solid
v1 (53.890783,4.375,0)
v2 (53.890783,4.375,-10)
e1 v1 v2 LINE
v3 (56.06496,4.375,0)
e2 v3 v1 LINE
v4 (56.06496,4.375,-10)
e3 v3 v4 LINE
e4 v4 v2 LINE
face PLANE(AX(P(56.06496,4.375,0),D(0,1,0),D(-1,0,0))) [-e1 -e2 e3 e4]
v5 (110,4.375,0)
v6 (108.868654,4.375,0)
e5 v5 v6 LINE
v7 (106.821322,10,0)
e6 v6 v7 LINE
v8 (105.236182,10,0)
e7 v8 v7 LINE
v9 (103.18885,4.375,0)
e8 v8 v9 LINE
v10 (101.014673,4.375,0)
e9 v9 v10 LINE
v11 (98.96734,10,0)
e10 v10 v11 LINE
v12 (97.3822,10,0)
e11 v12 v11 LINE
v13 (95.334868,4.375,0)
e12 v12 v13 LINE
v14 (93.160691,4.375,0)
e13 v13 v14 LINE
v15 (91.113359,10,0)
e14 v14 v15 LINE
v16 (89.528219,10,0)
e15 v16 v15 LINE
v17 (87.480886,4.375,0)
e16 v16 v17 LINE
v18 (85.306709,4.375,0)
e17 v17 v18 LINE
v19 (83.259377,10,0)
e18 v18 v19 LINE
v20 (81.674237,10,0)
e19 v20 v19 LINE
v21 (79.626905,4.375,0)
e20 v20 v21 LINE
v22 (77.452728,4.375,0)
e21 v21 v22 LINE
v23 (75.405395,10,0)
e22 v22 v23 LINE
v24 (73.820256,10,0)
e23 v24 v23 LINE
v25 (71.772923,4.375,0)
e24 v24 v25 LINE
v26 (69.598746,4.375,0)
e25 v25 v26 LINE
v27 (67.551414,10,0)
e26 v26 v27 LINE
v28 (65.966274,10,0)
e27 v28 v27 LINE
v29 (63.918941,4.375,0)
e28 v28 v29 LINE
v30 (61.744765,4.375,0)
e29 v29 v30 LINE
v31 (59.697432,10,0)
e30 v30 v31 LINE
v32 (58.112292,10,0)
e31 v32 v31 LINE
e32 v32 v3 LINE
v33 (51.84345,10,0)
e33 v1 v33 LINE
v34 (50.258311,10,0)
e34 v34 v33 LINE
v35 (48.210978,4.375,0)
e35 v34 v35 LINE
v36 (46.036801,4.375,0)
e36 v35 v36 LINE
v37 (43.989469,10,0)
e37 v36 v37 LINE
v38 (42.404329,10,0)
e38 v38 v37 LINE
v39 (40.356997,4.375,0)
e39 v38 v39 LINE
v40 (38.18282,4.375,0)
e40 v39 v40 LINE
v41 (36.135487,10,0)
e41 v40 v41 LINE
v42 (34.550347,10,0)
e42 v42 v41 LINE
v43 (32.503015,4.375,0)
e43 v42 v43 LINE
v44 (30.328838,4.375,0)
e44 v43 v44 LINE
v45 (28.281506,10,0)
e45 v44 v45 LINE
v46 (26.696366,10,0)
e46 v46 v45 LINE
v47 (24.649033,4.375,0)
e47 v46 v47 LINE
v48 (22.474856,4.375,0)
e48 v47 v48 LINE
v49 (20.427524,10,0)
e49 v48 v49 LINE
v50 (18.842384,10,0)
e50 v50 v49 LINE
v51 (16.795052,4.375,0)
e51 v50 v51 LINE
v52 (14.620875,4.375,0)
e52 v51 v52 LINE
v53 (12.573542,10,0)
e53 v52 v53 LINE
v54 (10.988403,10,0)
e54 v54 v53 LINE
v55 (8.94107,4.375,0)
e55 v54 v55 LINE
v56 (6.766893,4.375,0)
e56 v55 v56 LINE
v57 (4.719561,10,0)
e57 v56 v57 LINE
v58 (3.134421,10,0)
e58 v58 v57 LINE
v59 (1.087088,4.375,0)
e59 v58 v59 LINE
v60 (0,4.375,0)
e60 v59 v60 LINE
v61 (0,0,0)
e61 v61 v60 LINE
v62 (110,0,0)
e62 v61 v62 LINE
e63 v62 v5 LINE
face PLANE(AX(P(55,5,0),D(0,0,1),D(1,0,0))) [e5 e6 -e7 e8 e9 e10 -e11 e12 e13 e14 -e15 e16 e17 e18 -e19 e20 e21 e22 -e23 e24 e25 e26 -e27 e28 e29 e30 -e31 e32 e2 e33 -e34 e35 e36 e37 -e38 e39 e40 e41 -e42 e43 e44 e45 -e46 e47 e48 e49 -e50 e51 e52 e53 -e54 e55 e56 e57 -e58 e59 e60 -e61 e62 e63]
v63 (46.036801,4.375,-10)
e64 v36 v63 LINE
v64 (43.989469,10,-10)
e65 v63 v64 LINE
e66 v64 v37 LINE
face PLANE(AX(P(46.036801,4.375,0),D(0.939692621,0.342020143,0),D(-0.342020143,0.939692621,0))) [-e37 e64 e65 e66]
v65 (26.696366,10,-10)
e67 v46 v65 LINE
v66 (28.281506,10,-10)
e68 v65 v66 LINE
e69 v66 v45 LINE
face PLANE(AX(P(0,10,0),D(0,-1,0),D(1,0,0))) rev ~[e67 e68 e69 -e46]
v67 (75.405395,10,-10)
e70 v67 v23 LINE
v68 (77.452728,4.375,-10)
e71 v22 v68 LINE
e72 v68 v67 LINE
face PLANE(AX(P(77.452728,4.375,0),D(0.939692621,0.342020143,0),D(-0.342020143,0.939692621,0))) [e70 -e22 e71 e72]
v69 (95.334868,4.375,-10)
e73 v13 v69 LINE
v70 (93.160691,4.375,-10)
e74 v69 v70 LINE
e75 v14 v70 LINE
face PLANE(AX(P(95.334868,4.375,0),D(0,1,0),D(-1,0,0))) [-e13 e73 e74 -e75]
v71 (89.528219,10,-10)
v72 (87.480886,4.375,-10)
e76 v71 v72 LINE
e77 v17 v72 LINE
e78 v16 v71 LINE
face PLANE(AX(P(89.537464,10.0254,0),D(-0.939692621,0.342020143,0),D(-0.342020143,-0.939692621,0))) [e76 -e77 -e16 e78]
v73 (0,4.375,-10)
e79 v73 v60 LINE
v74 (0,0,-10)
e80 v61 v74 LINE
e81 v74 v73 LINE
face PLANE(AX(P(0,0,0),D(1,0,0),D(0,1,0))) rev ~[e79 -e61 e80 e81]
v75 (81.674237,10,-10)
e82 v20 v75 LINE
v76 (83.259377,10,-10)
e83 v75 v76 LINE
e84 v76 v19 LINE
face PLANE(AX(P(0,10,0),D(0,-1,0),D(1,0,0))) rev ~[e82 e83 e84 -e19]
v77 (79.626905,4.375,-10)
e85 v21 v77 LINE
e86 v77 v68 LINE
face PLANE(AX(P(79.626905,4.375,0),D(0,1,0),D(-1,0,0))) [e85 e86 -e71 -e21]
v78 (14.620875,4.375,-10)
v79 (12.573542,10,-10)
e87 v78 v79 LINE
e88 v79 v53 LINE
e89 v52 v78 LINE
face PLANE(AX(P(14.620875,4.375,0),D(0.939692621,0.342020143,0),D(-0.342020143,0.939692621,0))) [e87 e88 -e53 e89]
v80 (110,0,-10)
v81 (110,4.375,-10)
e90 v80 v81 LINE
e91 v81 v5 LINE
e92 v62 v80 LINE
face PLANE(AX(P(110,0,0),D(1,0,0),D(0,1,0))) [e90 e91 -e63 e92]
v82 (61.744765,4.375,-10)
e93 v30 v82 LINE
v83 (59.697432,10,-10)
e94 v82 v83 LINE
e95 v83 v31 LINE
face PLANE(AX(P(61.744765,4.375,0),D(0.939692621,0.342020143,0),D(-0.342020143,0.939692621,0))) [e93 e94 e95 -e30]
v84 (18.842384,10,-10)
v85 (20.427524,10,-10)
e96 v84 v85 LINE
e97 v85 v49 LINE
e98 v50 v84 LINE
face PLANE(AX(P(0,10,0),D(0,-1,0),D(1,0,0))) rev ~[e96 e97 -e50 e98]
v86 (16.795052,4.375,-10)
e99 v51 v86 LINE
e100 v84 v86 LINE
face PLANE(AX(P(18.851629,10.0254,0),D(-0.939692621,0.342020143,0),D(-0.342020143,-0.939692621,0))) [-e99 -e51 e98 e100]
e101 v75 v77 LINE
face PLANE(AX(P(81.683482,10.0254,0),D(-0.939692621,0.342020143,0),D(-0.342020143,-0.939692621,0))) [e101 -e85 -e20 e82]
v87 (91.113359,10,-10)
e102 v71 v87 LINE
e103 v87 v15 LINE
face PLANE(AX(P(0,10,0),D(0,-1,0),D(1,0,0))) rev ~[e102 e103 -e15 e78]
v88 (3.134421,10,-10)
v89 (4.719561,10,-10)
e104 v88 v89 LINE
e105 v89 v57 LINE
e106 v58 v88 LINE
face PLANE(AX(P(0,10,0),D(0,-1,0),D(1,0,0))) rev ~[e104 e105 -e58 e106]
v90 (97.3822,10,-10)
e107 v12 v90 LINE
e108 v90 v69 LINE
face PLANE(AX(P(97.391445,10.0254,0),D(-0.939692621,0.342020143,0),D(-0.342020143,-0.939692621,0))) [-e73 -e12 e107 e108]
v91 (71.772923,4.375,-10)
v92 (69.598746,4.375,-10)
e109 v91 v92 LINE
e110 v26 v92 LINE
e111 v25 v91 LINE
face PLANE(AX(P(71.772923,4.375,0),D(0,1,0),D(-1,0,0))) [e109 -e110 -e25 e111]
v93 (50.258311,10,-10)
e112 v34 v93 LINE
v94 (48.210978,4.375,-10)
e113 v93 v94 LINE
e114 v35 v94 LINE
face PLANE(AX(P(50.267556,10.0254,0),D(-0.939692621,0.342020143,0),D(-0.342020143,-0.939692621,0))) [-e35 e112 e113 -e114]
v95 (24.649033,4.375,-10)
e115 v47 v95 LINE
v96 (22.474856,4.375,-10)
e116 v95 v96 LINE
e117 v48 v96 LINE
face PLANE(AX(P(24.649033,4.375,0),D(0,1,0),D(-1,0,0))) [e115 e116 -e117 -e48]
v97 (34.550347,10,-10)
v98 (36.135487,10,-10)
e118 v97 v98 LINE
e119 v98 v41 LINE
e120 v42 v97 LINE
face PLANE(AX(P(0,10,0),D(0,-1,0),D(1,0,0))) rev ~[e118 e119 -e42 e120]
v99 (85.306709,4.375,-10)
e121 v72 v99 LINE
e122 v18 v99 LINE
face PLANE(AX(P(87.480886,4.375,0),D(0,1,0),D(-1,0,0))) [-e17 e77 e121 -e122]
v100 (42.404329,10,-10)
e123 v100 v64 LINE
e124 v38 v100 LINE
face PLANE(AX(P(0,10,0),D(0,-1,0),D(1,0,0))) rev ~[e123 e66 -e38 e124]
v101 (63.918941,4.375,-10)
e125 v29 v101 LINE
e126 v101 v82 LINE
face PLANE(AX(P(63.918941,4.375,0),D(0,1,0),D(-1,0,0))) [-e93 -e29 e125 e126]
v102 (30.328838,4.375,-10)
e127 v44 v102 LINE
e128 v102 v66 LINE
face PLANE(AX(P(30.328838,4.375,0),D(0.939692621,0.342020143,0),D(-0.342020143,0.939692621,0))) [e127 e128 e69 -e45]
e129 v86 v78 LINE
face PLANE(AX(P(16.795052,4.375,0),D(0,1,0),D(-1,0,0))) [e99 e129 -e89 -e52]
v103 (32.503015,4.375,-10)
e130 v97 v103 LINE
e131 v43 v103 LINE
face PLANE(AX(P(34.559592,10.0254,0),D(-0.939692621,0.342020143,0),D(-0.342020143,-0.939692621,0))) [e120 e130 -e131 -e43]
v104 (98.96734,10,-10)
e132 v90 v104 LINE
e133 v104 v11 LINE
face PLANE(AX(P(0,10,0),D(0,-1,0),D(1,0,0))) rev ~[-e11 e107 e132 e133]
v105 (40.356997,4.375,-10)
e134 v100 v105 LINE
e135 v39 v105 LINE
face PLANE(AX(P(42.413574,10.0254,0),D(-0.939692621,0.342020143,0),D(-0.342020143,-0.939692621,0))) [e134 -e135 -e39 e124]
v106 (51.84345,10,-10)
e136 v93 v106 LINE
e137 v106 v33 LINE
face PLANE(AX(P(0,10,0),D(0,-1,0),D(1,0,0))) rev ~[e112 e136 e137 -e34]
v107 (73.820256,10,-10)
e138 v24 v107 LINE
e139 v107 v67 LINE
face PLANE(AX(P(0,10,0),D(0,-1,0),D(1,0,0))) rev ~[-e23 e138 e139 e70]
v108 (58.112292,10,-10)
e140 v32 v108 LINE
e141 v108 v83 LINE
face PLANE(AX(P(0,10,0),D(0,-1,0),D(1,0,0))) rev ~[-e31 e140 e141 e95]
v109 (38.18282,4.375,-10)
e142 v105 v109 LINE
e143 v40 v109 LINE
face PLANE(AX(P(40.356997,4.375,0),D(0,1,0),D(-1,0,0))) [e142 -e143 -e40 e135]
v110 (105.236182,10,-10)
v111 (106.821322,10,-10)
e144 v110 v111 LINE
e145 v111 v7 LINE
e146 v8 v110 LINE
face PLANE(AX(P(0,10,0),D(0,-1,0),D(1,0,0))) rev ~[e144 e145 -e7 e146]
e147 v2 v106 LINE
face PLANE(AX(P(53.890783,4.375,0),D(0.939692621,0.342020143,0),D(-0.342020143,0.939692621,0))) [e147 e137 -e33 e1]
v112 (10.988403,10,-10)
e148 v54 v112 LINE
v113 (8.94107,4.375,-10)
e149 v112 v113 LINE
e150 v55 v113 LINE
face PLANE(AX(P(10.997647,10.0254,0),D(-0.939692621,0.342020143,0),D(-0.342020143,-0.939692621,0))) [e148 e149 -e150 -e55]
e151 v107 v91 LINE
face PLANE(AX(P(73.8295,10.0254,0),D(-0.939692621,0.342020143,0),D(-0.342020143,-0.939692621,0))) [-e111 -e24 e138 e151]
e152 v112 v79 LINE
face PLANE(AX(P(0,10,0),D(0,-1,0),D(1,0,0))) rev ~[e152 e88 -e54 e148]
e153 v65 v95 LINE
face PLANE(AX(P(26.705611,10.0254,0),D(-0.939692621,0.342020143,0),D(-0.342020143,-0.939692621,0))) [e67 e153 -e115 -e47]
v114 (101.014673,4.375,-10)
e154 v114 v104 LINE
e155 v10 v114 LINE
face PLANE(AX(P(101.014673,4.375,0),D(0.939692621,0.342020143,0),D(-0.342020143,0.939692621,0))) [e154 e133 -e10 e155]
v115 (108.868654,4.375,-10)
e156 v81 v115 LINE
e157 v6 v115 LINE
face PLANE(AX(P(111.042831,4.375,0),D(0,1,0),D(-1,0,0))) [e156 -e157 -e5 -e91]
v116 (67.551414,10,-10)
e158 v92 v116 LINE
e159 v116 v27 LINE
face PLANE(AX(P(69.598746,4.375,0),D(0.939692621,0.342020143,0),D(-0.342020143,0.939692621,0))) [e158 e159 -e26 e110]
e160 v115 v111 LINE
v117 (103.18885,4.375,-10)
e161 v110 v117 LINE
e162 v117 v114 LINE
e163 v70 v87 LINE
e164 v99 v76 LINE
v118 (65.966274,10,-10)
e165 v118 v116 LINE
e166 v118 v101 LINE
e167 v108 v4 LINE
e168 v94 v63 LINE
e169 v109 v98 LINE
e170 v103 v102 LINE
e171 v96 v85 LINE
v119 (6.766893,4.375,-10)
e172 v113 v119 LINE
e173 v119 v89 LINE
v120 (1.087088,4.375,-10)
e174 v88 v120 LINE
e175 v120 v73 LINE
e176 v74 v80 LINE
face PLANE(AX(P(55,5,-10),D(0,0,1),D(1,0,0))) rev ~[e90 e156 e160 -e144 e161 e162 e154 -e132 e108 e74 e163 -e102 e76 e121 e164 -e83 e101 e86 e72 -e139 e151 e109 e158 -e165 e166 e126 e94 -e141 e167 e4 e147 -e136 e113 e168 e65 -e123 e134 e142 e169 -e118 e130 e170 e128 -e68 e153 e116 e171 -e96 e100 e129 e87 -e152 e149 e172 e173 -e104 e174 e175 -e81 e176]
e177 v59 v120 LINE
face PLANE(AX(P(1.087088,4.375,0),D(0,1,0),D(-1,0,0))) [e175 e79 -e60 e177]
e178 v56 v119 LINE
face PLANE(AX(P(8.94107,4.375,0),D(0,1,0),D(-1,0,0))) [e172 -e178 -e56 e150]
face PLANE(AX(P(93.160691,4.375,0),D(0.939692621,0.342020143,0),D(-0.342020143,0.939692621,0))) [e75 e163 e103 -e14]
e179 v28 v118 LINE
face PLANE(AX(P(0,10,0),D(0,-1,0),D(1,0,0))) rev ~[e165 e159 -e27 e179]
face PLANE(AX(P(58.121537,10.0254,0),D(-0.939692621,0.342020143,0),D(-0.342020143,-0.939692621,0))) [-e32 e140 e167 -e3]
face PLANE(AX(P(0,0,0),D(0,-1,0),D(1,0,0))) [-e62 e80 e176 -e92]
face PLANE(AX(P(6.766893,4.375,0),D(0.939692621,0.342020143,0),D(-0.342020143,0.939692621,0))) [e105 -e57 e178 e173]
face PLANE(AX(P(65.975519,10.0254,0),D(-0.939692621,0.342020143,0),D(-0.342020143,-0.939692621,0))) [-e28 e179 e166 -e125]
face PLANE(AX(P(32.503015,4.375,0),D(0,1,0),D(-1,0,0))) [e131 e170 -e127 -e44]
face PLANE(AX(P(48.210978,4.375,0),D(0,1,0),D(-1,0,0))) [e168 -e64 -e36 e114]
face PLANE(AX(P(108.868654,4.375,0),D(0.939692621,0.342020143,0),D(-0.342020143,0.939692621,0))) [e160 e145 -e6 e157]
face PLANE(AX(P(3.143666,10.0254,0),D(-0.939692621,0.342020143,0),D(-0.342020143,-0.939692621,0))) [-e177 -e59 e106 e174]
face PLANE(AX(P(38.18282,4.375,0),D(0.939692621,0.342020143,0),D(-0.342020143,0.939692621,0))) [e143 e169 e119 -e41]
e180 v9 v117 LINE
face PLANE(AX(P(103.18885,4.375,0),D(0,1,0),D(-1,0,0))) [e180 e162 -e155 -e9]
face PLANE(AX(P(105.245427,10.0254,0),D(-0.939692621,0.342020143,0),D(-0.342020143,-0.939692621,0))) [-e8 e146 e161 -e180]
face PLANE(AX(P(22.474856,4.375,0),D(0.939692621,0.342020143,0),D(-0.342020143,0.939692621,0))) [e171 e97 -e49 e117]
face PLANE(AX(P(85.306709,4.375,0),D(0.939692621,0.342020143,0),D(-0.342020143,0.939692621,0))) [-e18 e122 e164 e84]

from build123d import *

# Parameters (mm, degrees)
BLANKSKE_W        = 110
BLANKSKE_H        = 10
BLANK_DEPTH       = 10
TOOTHCUTSIM_DEPTH = 111.905365064
TEETHCUTS_COUNT   = 15
TEETHCUTS_PITCH   = 7.853981625


with BuildPart() as part:
    # BlankSke → Blank (new body)
    with BuildSketch(Plane.XY):
        with Locations((55, 5)):
            Rectangle(BLANKSKE_W, BLANKSKE_H)
    extrude(amount=-BLANK_DEPTH)

    # TooCutSkeSim → ToothCutSim (cut, through all)
    with BuildSketch(Plane.XY):
        Polygon((1.087088424, 4.375), (-1.087088424, 4.375), (-3.143665836, 10.0254), (3.143665836, 10.0254), align=None)
    toothcutsim = extrude(amount=-TOOTHCUTSIM_DEPTH, mode=Mode.SUBTRACT)

    # TeethCuts: ToothCutSim ×15
    with Locations(*[(i * TEETHCUTS_PITCH, 0, 0) for i in range(1, TEETHCUTS_COUNT)]):
        add(toothcutsim, mode=Mode.SUBTRACT)


solid = part.part
